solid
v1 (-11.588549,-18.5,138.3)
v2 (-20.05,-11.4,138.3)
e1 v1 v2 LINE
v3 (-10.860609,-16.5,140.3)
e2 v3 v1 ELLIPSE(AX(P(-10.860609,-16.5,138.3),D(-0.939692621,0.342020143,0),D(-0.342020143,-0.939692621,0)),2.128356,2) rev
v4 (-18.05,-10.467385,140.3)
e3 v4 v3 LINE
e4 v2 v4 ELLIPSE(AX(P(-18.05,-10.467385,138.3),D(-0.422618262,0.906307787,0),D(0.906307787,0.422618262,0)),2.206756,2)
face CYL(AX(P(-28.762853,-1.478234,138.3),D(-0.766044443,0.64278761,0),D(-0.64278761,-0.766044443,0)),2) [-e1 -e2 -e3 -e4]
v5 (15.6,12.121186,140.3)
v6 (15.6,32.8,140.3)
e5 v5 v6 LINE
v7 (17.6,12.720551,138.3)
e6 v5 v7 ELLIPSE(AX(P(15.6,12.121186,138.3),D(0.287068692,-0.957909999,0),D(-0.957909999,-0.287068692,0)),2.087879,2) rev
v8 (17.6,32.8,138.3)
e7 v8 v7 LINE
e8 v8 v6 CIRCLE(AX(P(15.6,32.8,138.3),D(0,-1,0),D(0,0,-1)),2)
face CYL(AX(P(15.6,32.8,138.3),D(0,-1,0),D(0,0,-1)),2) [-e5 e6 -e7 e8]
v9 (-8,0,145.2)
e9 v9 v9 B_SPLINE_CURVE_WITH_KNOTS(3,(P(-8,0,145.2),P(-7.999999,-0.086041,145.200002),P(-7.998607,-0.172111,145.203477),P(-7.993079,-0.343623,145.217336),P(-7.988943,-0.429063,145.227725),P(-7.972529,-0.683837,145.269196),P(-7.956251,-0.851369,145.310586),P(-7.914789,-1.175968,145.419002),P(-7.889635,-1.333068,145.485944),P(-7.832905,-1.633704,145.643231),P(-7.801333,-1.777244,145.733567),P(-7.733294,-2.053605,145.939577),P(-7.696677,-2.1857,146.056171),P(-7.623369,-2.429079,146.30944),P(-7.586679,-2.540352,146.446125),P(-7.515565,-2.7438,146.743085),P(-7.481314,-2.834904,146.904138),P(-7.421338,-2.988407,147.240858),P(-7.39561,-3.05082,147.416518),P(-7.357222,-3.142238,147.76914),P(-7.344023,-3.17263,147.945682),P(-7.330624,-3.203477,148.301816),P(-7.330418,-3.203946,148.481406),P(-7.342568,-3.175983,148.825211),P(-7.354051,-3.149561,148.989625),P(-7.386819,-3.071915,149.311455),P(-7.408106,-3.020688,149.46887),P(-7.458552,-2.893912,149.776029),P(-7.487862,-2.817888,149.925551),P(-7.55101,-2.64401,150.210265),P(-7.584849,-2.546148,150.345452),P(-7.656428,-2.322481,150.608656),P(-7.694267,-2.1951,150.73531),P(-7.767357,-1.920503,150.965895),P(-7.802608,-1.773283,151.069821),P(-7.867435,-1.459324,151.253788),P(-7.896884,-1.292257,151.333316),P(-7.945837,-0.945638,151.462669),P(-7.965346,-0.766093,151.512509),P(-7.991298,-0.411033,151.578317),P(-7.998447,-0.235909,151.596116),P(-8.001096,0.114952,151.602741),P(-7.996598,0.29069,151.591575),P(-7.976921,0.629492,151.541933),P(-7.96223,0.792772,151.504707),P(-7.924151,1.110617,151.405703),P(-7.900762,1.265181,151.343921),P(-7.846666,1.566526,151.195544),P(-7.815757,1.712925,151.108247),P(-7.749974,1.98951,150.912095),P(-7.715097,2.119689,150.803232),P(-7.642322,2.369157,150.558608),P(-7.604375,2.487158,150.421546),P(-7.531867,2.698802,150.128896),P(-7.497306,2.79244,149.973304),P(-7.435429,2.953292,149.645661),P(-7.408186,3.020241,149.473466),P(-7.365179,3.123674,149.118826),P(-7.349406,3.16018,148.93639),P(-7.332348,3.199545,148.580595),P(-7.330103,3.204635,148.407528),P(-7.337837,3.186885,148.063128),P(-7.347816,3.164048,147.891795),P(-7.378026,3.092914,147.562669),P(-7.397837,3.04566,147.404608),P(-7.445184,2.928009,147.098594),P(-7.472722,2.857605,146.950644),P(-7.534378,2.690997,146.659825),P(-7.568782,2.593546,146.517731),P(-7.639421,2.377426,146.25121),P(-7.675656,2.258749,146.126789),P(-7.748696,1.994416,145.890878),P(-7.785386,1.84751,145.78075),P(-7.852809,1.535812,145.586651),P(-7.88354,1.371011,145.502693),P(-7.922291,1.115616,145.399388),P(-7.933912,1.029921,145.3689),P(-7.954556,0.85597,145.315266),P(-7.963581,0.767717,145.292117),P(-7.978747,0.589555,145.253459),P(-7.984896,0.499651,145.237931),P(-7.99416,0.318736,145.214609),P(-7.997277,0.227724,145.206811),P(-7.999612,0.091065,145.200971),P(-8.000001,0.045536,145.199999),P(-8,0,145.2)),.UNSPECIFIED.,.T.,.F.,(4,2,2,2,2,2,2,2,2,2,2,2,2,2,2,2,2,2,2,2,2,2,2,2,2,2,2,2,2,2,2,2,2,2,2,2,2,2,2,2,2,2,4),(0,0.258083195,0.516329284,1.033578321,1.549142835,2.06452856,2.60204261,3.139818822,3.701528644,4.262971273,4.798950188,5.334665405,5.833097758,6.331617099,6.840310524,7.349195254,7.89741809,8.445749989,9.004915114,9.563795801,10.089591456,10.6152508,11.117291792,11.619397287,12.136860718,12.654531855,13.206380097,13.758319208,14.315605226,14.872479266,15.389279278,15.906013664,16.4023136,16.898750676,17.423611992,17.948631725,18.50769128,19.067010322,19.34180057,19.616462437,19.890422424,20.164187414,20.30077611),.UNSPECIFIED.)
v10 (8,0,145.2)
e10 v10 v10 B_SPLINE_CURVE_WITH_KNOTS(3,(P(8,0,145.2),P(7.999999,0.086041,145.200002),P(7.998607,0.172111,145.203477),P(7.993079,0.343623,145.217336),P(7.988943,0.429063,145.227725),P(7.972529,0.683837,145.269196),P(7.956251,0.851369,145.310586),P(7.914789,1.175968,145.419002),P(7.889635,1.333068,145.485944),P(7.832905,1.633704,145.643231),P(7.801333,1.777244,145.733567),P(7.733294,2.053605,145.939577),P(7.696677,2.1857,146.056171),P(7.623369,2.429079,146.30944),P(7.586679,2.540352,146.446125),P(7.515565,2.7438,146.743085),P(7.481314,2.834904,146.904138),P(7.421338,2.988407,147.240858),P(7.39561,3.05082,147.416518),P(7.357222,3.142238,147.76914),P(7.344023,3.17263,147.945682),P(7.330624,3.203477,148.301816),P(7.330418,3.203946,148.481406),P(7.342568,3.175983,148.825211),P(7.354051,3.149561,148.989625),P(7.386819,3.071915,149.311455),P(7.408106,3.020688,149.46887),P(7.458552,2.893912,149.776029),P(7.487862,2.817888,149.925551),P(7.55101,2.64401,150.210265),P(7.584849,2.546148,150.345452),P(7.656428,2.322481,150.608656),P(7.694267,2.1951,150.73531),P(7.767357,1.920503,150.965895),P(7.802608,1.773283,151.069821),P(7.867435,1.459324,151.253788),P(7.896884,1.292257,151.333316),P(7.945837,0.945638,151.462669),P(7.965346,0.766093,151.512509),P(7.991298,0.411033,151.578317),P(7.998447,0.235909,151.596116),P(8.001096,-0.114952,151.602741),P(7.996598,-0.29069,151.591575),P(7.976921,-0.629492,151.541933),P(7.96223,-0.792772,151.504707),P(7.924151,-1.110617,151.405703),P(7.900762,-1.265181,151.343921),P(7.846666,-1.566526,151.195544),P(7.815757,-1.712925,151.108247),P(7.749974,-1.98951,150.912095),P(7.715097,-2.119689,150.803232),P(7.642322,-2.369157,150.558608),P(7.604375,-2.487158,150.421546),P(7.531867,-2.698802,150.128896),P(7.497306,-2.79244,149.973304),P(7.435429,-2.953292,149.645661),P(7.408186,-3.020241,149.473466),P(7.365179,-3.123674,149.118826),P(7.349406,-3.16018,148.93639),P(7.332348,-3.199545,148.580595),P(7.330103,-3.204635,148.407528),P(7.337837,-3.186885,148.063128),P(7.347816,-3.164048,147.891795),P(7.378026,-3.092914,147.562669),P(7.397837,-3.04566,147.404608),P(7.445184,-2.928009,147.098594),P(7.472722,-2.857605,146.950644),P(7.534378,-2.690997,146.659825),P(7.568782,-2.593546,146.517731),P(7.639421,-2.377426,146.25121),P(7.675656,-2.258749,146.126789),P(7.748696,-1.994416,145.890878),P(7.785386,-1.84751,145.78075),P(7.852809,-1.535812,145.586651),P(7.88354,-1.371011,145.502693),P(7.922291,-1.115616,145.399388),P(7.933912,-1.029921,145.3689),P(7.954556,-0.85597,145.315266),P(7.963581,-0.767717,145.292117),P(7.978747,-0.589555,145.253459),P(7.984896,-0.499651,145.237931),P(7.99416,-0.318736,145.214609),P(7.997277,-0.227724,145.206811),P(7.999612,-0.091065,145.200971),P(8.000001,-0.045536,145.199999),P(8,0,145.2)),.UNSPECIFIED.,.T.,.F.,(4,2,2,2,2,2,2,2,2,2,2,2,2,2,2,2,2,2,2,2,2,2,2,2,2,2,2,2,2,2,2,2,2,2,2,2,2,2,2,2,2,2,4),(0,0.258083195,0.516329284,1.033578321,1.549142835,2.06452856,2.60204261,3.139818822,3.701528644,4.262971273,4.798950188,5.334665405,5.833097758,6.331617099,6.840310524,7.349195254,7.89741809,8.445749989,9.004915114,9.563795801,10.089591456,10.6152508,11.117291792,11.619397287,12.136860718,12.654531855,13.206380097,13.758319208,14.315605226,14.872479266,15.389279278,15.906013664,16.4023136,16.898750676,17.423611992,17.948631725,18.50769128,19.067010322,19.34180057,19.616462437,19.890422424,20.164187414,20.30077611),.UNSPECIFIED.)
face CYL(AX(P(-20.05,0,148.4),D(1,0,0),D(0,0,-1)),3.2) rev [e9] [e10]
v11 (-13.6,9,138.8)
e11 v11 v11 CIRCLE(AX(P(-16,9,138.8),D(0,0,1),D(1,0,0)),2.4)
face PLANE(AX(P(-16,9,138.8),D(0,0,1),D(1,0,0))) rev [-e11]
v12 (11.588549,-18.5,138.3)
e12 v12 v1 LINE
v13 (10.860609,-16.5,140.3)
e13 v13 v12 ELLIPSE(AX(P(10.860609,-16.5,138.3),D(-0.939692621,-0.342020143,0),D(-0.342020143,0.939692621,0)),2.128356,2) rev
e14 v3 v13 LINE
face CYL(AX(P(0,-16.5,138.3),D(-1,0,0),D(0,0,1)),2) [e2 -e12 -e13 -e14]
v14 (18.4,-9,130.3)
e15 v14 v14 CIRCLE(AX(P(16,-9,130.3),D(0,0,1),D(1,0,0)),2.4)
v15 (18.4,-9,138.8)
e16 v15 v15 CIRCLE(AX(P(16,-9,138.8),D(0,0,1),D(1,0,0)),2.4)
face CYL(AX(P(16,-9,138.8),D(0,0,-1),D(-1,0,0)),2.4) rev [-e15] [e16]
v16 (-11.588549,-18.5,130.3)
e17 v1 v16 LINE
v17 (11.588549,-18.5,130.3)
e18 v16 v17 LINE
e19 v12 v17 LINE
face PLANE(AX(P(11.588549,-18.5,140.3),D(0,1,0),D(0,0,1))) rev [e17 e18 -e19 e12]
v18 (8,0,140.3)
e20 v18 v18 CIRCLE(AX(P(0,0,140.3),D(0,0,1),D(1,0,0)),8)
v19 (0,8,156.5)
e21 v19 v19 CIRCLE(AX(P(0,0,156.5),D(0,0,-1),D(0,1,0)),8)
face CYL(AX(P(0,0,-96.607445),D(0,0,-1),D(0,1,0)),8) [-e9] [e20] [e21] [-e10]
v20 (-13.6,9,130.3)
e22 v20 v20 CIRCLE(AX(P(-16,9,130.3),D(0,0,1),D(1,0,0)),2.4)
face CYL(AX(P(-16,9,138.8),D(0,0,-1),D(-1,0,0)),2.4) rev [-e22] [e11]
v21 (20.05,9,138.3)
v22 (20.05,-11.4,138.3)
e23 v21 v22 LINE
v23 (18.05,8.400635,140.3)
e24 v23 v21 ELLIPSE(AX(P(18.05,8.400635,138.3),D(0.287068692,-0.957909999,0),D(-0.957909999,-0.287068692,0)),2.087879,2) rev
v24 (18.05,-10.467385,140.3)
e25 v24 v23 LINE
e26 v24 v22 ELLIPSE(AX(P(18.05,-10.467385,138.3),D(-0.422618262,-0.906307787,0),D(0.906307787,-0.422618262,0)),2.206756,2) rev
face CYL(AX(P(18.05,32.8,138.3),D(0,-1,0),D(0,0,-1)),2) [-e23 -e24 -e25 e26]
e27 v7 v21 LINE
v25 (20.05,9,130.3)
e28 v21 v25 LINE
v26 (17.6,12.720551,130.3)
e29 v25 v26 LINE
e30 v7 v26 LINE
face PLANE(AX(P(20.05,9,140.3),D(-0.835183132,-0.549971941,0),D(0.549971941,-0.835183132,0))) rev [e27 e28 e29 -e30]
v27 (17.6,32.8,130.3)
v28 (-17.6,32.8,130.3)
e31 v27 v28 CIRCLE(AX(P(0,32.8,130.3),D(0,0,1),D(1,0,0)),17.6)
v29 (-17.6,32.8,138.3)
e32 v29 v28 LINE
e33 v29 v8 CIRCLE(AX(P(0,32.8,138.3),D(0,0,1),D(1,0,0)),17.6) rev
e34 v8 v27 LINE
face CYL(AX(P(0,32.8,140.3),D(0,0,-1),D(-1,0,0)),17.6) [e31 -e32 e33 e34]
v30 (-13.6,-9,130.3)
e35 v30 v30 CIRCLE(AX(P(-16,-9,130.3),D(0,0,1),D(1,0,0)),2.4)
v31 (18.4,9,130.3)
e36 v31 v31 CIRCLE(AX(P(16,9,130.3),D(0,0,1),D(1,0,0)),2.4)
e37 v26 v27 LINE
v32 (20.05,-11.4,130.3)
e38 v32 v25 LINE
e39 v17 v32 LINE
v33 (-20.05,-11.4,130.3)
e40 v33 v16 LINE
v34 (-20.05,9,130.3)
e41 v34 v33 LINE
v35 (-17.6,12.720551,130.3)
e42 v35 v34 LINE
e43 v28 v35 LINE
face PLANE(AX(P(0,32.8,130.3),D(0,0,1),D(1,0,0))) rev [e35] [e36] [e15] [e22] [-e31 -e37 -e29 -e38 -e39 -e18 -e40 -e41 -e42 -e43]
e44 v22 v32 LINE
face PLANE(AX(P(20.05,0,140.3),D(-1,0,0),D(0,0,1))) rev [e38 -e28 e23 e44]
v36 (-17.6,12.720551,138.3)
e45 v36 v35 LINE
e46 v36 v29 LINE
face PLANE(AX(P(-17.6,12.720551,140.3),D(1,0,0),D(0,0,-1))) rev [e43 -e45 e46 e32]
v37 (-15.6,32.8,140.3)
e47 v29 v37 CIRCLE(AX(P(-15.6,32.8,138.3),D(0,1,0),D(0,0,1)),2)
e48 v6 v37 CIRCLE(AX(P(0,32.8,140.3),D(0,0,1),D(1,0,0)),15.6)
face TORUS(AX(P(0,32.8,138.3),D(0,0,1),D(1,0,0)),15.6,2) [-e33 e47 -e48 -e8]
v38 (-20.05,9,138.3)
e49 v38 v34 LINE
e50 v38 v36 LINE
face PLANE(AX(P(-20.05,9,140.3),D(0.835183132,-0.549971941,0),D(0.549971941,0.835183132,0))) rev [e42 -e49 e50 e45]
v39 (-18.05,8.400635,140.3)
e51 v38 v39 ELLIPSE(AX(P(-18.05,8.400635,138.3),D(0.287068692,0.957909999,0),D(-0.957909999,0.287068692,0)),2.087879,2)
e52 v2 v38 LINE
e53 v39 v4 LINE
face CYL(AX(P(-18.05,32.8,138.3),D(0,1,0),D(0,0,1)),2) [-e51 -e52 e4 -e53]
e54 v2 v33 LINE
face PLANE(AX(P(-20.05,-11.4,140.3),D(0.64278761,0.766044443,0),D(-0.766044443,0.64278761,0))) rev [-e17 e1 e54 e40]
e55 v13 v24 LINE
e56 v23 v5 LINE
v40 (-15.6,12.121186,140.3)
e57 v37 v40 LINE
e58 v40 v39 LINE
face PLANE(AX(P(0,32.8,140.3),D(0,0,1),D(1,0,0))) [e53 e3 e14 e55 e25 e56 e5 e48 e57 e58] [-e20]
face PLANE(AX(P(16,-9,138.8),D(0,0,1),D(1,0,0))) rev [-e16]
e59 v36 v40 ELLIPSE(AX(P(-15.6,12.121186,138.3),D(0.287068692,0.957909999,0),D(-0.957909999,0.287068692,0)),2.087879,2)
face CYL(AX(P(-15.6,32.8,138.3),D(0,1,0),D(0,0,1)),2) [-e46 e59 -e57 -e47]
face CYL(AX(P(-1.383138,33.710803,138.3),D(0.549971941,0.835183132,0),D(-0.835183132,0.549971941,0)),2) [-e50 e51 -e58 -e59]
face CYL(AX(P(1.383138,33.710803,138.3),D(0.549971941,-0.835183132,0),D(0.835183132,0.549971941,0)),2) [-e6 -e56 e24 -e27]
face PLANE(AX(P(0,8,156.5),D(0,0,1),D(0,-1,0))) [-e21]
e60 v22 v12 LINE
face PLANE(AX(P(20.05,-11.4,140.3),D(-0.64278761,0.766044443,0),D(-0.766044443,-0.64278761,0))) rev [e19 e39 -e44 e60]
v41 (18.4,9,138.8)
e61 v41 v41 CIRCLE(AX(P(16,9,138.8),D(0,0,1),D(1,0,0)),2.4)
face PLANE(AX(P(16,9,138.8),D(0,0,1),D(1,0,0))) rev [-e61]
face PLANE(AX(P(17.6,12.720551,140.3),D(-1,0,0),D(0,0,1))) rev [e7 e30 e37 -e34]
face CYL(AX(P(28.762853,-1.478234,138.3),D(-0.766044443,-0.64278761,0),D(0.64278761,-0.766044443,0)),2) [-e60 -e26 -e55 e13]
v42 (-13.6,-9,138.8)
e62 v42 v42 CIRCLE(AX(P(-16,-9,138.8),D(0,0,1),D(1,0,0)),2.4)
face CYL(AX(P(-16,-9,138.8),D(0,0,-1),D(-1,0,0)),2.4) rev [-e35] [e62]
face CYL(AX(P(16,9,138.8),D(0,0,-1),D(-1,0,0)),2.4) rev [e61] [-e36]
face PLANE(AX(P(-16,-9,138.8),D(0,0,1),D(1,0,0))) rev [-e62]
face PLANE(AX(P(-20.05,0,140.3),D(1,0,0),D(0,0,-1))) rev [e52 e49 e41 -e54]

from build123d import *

# Parameters (mm, degrees)
BODY_DEPTH               = 10
SKETCH3_W                = 16.2
SKETCH3_H                = 8
SKETCH7_R                = 3.2
REAR_MOUNTING_DEPTH      = 21.05
REAR_MOUNTING_DEPTH_BACK = 21.05
SKETCH8_R                = 2.4
HOLE_DEPTH               = 8.5
FILLET4_R                = 2


with BuildPart() as part:
    # Sketch1 → Body (new body)
    with BuildSketch(Plane.XY.offset(130.3)):
        with BuildLine():
            Line((20.05, 9), (17.6, 12.720551034))
            Line((17.6, 12.720551034), (17.6, 32.8))
            ThreePointArc((17.6, 32.8), (12.445079349, 45.245079349), (0, 50.4))
            ThreePointArc((0, 50.4), (-12.445079349, 45.245079349), (-17.6, 32.8))
            Line((-17.6, 32.8), (-17.6, 12.720551034))
            Line((-17.6, 12.720551034), (-20.05, 9))
            Line((-20.05, 9), (-20.05, 0))
            Line((-20.05, 0), (-20.05, -11.4))
            Line((-20.05, -11.4), (-11.588549493, -18.5))
            Line((-11.588549493, -18.5), (-7.016550666, -18.5))
            Line((-7.016550666, -18.5), (7.016550666, -18.5))
            Line((7.016550666, -18.5), (11.588549493, -18.5))
            Line((11.588549493, -18.5), (20.05, -11.4))
            Line((20.05, -11.4), (20.05, 0))
            Line((20.05, 0), (20.05, 9))
        make_face()
    extrude(amount=BODY_DEPTH)

    # Sketch3 → Motor-Body (revolve)
    with BuildSketch(Plane(origin=(0, 0, 0), x_dir=(0, 0, -1), z_dir=(1, 0, 0))):
        with Locations((-148.4, 4)):
            Rectangle(SKETCH3_W, SKETCH3_H)
    revolve(axis=Axis((0, 0, -96.607444662), (0, 0, 1)))

    # Sketch7 → Rear-Mounting (cut, two sides)
    with BuildSketch(Plane(origin=(0, 0, 0), x_dir=(0, 0, -1), z_dir=(1, 0, 0))) as rear_mounting_sk:
        with Locations((-148.4, 0)):
            Circle(SKETCH7_R)
    extrude(amount=REAR_MOUNTING_DEPTH, mode=Mode.SUBTRACT)
    extrude(rear_mounting_sk.sketch, amount=-REAR_MOUNTING_DEPTH_BACK, mode=Mode.SUBTRACT)

    # Sketch8 → Hole (cut)
    with BuildSketch(Plane.XY.offset(130.3)):
        with Locations((16, -9)):
            Circle(SKETCH8_R)
        with Locations((-16, -9)):
            Circle(SKETCH8_R)
        with Locations((-16, 9)):
            Circle(SKETCH8_R)
        with Locations((16, 9)):
            Circle(SKETCH8_R)
    extrude(amount=HOLE_DEPTH, mode=Mode.SUBTRACT)

    # Fillet4
    fillet4_edges = [part.edges().sort_by_distance(p)[0] for p in [
        (-17.6, 22.760275517, 140.3),
        (-18.825, 10.860275517, 140.3),
        (-20.05, -1.2, 140.3),
        (-15.819274746, -14.95, 140.3),
        (0, -18.5, 140.3),
        (15.819274746, -14.95, 140.3),
        (20.05, -1.2, 140.3),
        (0, 50.4, 140.3),
        (18.825, 10.860275517, 140.3),
        (17.6, 22.760275517, 140.3),
    ]]
    fillet(fillet4_edges, radius=FILLET4_R)


solid = part.part
